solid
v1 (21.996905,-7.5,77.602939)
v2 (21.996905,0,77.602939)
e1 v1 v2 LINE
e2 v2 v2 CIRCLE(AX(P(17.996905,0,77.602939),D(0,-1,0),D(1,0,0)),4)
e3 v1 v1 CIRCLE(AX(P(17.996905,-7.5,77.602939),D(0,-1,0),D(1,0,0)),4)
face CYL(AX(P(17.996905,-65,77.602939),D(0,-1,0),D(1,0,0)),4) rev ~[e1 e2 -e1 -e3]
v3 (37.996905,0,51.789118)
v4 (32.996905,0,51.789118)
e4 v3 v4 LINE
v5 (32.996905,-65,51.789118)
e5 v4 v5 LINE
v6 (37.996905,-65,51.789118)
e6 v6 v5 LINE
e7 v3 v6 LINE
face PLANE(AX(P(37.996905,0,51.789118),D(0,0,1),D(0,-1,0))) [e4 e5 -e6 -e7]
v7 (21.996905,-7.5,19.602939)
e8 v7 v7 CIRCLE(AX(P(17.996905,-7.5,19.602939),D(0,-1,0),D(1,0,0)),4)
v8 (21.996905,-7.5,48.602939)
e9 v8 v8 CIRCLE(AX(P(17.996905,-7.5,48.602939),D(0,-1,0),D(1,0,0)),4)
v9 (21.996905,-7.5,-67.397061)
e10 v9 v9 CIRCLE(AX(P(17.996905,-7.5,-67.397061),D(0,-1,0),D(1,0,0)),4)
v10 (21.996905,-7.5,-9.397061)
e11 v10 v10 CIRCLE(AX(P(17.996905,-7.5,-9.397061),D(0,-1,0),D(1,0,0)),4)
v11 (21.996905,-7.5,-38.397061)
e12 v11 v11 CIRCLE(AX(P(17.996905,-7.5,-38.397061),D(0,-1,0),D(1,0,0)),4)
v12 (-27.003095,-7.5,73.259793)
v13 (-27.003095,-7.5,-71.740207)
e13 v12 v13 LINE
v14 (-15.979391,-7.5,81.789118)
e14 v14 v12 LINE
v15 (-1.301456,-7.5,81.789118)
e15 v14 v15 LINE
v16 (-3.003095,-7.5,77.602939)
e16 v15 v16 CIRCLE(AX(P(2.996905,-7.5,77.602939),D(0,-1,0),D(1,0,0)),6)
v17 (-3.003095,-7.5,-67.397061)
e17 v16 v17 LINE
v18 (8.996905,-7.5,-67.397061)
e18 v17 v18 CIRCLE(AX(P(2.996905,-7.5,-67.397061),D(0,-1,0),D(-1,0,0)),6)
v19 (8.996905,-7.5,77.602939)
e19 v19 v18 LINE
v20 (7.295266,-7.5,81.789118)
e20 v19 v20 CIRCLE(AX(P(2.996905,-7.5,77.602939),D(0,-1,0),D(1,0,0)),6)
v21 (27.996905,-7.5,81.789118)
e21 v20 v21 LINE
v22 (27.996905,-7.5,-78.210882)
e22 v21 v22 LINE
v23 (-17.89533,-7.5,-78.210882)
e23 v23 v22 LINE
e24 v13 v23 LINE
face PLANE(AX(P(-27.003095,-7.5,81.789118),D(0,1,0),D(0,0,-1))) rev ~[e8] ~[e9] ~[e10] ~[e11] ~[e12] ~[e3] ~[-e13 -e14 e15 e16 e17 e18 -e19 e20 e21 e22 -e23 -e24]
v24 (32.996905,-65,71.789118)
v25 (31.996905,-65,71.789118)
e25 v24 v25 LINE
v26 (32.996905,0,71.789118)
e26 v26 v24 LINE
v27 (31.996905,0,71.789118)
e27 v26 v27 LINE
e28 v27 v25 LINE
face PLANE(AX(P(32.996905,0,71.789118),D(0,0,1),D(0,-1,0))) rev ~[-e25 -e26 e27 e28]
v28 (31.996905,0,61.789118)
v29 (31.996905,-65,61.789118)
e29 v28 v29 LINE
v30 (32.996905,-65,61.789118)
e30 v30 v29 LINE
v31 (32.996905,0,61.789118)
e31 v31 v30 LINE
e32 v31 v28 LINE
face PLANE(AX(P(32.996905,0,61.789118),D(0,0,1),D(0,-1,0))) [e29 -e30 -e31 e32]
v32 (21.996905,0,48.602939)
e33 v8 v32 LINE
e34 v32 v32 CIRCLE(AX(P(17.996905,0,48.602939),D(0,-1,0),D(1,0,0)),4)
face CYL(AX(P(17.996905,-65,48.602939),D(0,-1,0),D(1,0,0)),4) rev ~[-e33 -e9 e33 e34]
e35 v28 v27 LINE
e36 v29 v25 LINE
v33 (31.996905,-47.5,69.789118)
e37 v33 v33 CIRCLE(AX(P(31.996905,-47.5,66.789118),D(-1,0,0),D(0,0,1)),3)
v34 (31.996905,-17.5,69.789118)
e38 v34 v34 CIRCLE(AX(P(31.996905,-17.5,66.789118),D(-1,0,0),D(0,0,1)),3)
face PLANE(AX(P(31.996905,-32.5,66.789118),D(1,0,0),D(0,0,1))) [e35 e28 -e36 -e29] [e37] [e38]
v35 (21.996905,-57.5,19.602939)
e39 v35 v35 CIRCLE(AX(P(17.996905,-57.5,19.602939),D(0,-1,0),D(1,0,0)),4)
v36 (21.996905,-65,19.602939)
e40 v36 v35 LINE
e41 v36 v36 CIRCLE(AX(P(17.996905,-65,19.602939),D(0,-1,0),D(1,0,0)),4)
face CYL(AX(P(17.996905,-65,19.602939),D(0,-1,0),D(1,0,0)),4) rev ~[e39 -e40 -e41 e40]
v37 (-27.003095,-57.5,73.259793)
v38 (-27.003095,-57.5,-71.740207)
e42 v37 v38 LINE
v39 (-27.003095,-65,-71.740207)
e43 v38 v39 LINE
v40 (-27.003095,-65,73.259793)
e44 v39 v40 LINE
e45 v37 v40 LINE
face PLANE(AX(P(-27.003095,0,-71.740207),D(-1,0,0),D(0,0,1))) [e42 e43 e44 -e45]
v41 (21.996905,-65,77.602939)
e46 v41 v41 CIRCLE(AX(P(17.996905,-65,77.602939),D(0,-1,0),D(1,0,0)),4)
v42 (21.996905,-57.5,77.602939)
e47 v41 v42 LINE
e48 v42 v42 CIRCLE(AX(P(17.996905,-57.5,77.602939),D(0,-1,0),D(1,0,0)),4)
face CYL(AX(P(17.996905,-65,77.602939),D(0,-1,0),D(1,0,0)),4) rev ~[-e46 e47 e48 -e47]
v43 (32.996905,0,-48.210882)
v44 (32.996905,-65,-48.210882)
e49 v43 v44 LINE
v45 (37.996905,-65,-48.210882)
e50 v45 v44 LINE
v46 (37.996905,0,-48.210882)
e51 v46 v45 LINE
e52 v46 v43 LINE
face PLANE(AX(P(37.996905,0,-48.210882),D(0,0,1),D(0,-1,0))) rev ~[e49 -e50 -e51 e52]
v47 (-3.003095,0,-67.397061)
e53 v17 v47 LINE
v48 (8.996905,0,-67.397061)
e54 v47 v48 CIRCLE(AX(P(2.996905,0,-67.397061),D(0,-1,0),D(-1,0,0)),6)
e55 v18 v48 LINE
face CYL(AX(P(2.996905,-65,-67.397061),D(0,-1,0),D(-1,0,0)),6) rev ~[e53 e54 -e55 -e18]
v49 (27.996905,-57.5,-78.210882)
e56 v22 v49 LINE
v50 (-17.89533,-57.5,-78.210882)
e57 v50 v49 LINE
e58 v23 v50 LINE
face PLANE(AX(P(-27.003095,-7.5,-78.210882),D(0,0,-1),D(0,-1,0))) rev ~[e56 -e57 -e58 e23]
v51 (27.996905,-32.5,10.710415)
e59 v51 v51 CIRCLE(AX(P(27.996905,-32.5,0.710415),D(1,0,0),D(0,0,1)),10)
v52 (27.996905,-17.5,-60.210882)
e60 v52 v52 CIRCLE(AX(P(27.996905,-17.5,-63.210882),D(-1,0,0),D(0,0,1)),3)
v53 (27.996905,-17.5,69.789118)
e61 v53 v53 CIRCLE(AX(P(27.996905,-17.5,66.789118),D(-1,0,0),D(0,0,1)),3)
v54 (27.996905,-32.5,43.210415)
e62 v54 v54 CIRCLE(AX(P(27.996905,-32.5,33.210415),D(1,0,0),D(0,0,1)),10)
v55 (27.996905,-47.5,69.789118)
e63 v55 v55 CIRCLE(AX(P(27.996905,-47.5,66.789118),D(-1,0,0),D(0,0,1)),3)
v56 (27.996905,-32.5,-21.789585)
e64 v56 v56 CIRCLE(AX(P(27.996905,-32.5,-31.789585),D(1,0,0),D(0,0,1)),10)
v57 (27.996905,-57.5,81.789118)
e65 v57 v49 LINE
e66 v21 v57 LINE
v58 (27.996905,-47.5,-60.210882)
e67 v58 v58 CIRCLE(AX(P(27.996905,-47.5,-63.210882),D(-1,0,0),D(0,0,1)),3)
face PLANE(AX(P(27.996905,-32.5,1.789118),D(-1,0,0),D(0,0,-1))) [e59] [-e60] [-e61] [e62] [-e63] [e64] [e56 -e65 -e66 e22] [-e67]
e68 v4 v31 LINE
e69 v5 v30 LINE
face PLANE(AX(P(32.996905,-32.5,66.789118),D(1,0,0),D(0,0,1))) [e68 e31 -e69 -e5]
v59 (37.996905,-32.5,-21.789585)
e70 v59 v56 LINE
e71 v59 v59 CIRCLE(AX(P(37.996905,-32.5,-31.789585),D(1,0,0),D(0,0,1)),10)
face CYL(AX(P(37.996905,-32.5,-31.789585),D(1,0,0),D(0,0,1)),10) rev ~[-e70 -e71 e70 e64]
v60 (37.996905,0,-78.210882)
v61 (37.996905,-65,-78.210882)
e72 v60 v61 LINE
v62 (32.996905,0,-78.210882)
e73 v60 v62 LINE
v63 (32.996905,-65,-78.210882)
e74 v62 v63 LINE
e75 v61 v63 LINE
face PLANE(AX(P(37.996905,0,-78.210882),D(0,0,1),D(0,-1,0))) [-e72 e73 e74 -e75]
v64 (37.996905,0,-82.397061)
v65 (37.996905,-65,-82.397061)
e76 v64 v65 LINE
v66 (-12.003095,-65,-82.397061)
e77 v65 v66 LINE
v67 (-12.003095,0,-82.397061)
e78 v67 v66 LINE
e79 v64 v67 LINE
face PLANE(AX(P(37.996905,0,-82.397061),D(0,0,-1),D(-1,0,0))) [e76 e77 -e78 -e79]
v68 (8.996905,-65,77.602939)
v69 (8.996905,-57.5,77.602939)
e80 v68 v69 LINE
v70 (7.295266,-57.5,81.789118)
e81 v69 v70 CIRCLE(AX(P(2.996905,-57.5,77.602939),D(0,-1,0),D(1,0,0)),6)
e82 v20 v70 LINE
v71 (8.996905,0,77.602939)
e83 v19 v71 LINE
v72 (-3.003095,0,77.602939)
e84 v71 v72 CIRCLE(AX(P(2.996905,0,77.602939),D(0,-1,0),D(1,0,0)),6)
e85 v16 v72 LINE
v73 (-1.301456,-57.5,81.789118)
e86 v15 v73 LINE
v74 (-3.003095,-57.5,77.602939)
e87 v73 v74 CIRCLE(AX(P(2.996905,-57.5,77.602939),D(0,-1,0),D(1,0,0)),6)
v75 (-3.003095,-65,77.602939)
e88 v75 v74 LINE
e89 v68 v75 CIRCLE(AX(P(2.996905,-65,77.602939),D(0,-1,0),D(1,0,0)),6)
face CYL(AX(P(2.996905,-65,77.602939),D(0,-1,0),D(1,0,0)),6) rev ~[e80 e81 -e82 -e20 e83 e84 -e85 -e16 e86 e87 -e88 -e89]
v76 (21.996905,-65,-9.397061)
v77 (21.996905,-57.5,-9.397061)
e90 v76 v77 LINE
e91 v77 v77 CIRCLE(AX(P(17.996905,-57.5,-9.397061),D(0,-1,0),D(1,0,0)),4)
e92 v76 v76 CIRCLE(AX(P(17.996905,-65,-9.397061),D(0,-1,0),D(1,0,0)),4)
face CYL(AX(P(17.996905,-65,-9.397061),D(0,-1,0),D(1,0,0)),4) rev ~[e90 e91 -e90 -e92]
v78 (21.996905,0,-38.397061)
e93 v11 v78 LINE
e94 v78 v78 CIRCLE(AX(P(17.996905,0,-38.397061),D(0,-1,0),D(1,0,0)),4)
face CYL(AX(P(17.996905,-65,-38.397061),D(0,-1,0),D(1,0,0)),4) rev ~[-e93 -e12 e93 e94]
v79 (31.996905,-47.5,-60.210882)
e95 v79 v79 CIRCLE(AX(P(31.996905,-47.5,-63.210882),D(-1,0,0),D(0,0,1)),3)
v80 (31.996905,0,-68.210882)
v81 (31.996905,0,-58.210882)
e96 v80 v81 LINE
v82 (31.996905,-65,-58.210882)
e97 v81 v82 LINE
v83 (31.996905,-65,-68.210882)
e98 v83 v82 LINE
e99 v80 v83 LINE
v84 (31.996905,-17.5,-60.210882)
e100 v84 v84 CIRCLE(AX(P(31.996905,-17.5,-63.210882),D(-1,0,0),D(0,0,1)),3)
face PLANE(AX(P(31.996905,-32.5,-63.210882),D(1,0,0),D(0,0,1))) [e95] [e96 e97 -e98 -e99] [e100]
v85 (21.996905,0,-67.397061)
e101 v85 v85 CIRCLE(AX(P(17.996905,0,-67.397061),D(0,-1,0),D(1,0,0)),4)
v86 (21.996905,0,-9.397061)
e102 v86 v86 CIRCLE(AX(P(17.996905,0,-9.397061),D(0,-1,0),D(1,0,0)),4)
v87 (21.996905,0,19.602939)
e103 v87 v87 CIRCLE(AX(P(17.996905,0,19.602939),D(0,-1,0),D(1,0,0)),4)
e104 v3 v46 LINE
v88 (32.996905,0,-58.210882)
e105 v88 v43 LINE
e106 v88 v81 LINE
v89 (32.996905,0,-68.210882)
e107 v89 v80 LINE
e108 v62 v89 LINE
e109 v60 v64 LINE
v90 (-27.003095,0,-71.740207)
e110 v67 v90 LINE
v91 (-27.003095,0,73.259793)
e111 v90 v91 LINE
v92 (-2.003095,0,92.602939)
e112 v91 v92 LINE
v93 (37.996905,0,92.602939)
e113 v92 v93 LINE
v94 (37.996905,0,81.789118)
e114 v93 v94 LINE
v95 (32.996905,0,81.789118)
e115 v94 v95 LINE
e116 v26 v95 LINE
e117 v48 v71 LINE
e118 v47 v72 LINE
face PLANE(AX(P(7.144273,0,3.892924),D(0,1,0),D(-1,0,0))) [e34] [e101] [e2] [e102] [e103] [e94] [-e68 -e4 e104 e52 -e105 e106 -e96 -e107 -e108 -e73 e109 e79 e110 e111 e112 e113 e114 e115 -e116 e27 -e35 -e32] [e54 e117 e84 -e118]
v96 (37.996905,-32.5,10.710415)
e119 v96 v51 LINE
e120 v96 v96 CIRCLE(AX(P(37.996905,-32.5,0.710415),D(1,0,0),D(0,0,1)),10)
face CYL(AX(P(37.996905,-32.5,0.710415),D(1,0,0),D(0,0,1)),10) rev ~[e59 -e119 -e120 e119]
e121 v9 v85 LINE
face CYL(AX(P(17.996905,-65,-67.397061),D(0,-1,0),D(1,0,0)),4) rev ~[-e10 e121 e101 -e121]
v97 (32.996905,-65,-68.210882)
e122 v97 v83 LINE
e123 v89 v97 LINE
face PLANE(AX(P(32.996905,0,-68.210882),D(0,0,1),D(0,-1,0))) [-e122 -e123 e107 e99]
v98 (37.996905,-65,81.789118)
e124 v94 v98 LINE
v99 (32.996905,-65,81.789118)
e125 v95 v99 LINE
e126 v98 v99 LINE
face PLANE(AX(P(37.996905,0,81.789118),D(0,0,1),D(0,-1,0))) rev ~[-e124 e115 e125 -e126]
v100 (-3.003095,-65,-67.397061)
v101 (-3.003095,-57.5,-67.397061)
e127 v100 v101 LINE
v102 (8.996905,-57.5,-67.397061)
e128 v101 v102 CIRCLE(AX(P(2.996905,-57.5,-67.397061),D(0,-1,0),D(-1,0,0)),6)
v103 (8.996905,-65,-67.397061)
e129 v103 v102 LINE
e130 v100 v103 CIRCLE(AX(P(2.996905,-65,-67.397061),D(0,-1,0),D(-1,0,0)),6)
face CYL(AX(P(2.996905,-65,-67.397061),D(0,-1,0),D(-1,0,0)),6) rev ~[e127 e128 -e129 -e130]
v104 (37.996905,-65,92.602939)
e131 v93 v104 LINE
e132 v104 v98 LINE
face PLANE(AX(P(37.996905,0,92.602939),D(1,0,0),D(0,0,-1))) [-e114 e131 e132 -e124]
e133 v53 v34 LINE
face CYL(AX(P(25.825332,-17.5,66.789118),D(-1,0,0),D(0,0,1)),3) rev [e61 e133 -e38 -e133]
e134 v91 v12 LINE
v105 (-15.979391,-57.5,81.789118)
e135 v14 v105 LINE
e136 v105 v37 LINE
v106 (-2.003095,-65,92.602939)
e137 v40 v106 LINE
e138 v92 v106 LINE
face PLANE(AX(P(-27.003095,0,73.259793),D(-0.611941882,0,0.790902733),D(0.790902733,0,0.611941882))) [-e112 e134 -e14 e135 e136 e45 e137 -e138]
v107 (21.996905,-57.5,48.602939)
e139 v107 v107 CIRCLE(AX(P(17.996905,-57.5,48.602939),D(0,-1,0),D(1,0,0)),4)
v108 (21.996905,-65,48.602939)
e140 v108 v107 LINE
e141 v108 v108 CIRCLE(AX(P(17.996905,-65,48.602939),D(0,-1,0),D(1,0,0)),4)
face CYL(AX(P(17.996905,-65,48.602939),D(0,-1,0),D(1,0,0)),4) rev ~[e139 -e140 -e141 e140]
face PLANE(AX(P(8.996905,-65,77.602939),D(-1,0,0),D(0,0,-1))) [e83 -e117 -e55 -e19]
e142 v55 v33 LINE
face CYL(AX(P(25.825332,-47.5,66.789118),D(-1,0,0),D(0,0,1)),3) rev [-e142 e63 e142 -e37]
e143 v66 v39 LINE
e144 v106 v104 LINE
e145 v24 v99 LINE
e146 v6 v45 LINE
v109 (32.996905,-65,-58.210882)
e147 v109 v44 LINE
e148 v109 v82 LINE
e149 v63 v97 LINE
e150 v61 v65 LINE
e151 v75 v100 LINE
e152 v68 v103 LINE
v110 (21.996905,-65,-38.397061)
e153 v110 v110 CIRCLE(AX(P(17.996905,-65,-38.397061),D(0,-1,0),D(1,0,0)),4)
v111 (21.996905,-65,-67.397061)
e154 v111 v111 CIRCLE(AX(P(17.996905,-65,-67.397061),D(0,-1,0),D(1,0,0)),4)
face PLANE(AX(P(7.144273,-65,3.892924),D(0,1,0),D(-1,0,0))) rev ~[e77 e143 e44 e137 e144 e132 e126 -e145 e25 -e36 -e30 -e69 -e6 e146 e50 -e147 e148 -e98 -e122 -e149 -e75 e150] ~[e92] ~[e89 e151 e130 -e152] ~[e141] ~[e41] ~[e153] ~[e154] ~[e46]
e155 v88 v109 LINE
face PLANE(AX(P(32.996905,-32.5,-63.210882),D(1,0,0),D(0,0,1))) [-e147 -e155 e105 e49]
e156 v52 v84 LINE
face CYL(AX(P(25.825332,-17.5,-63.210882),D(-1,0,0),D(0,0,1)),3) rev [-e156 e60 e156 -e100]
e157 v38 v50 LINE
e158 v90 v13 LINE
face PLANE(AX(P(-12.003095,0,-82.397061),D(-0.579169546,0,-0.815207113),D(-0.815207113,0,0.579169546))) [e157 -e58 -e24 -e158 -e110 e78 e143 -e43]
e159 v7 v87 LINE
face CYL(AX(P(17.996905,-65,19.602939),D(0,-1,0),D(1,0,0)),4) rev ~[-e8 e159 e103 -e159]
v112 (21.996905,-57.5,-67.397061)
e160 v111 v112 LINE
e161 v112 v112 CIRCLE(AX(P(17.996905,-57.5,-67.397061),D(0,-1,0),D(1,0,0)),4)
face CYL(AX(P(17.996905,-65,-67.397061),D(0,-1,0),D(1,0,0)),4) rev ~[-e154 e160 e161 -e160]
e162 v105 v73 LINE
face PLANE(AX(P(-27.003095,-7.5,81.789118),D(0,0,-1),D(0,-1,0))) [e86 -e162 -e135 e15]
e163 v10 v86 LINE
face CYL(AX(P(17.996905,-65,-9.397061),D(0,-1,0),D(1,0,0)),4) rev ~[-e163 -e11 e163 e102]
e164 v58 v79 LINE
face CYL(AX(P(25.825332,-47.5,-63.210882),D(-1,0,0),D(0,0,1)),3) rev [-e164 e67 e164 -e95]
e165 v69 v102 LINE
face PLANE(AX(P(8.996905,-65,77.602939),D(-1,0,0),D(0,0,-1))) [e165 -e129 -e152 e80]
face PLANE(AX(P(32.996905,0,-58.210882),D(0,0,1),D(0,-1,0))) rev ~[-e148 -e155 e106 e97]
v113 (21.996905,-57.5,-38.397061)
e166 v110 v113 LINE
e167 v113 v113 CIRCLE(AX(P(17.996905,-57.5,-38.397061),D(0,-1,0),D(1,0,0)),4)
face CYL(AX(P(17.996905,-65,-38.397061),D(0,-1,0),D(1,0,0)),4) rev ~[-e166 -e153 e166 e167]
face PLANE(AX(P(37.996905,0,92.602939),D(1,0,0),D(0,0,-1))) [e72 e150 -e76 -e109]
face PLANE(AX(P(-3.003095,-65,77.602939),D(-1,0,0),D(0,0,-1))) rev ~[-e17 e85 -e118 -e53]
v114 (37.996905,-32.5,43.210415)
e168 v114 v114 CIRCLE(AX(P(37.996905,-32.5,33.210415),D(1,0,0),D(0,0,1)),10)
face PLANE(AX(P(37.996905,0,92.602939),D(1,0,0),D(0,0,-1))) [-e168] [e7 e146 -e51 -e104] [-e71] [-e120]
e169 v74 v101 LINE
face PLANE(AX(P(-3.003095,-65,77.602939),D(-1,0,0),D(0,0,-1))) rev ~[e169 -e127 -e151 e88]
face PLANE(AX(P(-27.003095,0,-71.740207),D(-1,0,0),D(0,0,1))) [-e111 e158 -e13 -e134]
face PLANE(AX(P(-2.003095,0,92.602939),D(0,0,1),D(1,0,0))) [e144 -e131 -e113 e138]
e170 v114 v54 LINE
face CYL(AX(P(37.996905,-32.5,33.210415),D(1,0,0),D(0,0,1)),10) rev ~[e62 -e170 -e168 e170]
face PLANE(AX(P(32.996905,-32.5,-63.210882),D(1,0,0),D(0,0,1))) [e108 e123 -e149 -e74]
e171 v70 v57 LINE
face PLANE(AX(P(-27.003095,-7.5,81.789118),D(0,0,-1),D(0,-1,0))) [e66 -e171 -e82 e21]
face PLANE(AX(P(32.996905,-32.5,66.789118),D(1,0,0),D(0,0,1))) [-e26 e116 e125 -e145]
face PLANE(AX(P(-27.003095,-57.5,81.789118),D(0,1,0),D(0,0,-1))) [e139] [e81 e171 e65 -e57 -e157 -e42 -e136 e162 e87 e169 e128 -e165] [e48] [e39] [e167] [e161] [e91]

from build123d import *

# Parameters (mm, degrees)
PAD_DEPTH              = 65
POCKET_DEPTH           = 65.001
SKETCH002_R            = 4
POCKET001_DEPTH        = 65.001
LINEARPATTERN_COUNT    = 6
LINEARPATTERN_PITCH    = 29
SKETCH003_W            = 160
SKETCH003_H            = 50
POCKET002_DEPTH        = 55
SKETCH004_W            = 30
SKETCH004_H            = 65
POCKET003_DEPTH        = 5
SKETCH005_R            = 3
POCKET004_DEPTH        = 12.172573
SKETCH035_R            = 10
POCKET023_DEPTH        = 65.001
LINEARPATTERN001_COUNT = 3
LINEARPATTERN001_PITCH = 32.5
SKETCH076_W            = 10
SKETCH076_H            = 65
POCKET047_DEPTH        = 1


with BuildPart() as part:
    # Sketch → Pad (new body)
    with BuildSketch(Plane.XZ):
        Polygon((-2.003095, 92.602939), (37.996905, 92.602939), (37.996905, -82.397061), (-12.003095, -82.397061), (-27.003095, -71.740207), (-27.003095, 73.259793), align=None)
    extrude(amount=PAD_DEPTH)

    # Sketch001 (on Face8 of Pad) → Pocket (cut, through all)
    with BuildSketch(Plane.XZ.offset(65)):
        with BuildLine():
            ThreePointArc((8.996905, 77.602939), (2.996905, 83.602939), (-3.003095, 77.602939))
            Line((-3.003095, 77.602939), (-3.003095, -67.397061))
            ThreePointArc((-3.003095, -67.397061), (2.996905, -73.397061), (8.996905, -67.397061))
            Line((8.996905, 77.602939), (8.996905, -67.397061))
        make_face()
    extrude(amount=-POCKET_DEPTH, mode=Mode.SUBTRACT)

    # Sketch002 (on Face5 of Pocket) → Pocket001 (cut, through all)
    with BuildSketch(Plane.XZ.offset(65)):
        with Locations((17.996905, 77.602939)):
            Circle(SKETCH002_R)
    pocket001 = extrude(amount=-POCKET001_DEPTH, mode=Mode.SUBTRACT)

    # LinearPattern: Pocket001 ×6
    with Locations(*[(0, 0, -i * LINEARPATTERN_PITCH) for i in range(1, LINEARPATTERN_COUNT)]):
        add(pocket001, mode=Mode.SUBTRACT)

    # Sketch003 (on Face1 of LinearPattern) → Pocket002 (cut)
    with BuildSketch(Plane(origin=(-27.003095, 0, 0), x_dir=(0, 0, -1), z_dir=(-1, 0, 0))):
        with Locations((-1.789118, 32.5)):
            Rectangle(SKETCH003_W, SKETCH003_H)
    extrude(amount=-POCKET002_DEPTH, mode=Mode.SUBTRACT)

    # Sketch004 (on Face8 of Pocket002) → Pocket003 (cut)
    with BuildSketch(Plane(origin=(37.996905, 0, 0), x_dir=(0, 0, 1), z_dir=(1, 0, 0))):
        with Locations((-63.210882, 32.5)):
            Rectangle(SKETCH004_W, SKETCH004_H)
        with Locations((66.789118, 32.5)):
            Rectangle(SKETCH004_W, SKETCH004_H)
    extrude(amount=-POCKET003_DEPTH, mode=Mode.SUBTRACT)

    # Sketch005 → Pocket004 (cut, through all)
    with BuildSketch(Plane(origin=(25.825332, 0, 0), x_dir=(0, 0, 1), z_dir=(1, 0, 0))):
        with Locations((-63.210882, 17.5)):
            Circle(SKETCH005_R)
        with Locations((-63.210882, 47.5)):
            Circle(SKETCH005_R)
        with Locations((66.789118, 47.5)):
            Circle(SKETCH005_R)
        with Locations((66.789118, 17.5)):
            Circle(SKETCH005_R)
    extrude(amount=POCKET004_DEPTH, mode=Mode.SUBTRACT)

    # Sketch035 → Pocket023 (cut, through all)
    with BuildSketch(Plane(origin=(37.996905, 0, 0), x_dir=(0, 0, 1), z_dir=(1, 0, 0))):
        with Locations((-31.789585, 32.5)):
            Circle(SKETCH035_R)
    pocket023 = extrude(amount=-POCKET023_DEPTH, mode=Mode.SUBTRACT)

    # LinearPattern001: Pocket023 ×3
    with Locations(*[(0, 0, i * LINEARPATTERN001_PITCH) for i in range(1, LINEARPATTERN001_COUNT)]):
        add(pocket023, mode=Mode.SUBTRACT)

    # Sketch076 (on Face13 of Pocket004) → Pocket047 (cut)
    with BuildSketch(Plane(origin=(32.996905, 0, 0), x_dir=(0, 0, 1), z_dir=(1, 0, 0))):
        with Locations((-63.210882, 32.5)):
            Rectangle(SKETCH076_W, SKETCH076_H)
        with Locations((66.789118, 32.5)):
            Rectangle(SKETCH076_W, SKETCH076_H)
    extrude(amount=-POCKET047_DEPTH, mode=Mode.SUBTRACT)


solid = part.part
